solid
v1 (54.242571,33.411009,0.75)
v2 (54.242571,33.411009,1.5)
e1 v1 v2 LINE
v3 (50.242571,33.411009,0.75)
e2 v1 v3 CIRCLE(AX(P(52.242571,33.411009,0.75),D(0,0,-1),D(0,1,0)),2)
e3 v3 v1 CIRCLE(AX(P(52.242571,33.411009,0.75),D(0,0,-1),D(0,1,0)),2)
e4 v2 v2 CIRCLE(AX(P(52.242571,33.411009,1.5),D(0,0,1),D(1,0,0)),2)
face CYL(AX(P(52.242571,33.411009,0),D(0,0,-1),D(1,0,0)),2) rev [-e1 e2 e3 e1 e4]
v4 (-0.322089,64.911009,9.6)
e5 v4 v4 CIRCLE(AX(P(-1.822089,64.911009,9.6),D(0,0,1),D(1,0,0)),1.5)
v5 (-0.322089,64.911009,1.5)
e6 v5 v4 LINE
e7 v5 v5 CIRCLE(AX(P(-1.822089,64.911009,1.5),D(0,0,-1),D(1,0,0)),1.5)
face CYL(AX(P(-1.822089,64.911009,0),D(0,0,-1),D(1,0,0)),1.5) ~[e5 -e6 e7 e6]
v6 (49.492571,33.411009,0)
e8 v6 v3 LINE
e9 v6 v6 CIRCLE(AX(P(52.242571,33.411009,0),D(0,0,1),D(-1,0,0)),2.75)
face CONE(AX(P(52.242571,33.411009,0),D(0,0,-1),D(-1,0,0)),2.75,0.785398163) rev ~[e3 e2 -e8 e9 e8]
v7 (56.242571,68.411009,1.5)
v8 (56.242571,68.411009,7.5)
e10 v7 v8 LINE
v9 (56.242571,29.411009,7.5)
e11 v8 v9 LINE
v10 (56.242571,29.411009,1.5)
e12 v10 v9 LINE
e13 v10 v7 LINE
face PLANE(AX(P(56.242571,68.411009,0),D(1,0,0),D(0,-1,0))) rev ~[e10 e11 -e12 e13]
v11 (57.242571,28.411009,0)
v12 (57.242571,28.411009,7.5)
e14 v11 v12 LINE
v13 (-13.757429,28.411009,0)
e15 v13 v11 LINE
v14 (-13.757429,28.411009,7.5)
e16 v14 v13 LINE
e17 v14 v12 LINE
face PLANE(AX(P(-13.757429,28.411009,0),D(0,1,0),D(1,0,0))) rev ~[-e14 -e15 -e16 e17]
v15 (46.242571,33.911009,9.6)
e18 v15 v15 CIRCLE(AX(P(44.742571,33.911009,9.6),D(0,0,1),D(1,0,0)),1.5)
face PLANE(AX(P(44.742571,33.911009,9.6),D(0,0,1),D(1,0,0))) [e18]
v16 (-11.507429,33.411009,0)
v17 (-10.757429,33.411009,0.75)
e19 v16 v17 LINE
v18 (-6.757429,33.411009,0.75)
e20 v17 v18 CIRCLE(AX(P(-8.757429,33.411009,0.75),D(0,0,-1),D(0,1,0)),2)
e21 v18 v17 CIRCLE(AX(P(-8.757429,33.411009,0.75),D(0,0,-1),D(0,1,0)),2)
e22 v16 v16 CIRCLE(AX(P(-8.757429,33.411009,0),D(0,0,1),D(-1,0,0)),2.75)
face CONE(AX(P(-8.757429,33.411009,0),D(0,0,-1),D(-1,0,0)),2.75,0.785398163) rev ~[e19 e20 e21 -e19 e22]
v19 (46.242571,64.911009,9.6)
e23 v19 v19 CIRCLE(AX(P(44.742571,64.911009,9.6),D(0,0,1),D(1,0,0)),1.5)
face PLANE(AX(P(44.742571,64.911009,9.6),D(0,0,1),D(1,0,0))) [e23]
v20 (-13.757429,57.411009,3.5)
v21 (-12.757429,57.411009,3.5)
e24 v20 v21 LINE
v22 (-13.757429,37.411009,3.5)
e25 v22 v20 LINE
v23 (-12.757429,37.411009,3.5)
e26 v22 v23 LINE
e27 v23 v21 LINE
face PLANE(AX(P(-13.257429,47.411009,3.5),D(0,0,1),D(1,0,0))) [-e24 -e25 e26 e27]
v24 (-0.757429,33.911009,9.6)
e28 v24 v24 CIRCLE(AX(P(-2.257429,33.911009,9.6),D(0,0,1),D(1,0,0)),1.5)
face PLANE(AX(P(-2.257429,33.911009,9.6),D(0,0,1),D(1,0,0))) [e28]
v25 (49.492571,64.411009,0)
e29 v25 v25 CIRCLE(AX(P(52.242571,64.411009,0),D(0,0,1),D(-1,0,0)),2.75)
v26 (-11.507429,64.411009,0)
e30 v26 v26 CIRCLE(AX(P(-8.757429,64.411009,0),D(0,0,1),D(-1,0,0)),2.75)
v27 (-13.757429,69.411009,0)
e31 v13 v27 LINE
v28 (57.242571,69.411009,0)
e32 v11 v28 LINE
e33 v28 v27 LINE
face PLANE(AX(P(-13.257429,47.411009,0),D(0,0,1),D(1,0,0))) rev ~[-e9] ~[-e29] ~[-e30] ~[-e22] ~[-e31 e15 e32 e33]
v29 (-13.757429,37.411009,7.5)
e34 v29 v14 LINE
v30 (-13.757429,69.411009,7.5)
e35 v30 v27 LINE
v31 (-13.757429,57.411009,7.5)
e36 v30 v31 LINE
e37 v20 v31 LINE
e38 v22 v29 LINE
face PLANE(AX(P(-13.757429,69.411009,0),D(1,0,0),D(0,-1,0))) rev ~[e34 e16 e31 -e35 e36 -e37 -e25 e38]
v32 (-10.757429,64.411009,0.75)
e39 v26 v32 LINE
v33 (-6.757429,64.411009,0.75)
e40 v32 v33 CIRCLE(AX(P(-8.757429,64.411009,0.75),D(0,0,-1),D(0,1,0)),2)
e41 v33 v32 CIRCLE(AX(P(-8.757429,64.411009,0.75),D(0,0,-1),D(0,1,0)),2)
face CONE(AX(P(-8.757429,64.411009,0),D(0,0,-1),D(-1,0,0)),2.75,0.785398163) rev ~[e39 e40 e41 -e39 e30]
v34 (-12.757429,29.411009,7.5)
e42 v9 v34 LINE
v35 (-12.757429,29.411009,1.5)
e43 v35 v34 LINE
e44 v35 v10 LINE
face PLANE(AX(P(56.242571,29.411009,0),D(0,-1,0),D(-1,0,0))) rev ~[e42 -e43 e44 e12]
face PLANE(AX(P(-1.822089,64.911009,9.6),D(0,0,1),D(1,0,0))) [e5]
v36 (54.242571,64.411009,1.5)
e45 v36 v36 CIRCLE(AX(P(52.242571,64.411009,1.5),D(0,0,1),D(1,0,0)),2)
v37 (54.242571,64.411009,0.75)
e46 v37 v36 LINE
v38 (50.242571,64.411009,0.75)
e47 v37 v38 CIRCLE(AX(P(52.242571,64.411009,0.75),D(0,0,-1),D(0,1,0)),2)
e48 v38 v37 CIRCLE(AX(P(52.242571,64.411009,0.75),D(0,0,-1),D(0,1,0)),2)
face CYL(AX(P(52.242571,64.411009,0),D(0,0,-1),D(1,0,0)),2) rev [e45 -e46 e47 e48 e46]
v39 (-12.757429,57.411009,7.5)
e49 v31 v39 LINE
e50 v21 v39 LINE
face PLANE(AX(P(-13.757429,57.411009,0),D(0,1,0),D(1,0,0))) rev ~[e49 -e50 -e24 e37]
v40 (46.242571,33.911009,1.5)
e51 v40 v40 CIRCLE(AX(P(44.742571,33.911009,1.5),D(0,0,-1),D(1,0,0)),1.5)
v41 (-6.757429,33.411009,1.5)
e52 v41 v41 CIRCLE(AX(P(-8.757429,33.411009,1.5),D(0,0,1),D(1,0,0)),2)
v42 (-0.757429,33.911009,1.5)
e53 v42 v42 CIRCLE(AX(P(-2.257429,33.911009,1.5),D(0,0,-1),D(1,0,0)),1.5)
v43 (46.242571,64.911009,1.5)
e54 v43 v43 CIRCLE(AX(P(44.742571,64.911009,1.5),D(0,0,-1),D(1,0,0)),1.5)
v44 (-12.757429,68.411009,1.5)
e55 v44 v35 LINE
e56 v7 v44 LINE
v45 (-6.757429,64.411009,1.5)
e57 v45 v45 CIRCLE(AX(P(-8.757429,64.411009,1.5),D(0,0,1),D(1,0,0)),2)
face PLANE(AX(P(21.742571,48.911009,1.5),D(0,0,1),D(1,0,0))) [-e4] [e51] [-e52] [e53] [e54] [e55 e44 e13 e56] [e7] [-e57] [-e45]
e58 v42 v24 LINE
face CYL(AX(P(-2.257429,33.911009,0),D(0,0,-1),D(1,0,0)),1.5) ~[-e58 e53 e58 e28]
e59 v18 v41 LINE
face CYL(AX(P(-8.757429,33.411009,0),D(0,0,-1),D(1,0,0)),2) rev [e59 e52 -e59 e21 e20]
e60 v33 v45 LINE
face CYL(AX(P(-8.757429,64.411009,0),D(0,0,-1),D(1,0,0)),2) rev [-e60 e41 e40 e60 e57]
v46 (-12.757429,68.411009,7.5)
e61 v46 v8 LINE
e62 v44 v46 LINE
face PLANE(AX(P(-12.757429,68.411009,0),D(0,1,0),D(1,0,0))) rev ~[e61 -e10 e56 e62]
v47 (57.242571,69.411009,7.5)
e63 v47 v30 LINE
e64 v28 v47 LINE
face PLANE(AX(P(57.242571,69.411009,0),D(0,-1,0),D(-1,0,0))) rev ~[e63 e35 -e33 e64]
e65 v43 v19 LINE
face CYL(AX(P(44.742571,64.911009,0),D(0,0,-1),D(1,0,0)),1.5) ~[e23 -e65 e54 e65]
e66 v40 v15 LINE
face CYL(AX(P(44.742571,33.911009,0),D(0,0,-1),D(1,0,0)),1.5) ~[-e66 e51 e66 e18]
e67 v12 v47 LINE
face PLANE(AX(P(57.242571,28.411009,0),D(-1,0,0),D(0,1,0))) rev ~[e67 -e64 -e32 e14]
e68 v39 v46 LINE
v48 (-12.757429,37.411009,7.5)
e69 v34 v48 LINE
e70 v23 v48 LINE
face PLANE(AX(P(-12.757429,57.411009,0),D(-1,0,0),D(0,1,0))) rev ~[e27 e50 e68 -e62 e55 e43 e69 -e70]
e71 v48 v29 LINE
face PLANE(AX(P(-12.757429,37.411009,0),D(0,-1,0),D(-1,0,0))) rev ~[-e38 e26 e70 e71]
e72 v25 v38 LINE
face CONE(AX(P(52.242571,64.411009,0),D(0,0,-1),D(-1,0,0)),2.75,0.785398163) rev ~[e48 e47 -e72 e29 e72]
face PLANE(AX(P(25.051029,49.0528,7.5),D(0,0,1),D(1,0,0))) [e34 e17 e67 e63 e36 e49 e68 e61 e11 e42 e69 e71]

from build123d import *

# Parameters (mm, degrees)
F0_R           = 2
F0_R_2         = 1.5
F0_W           = 1
F0_H           = 20
F1_DEPTH       = 1.5
F2_DEPTH       = 7.5
F3_DEPTH       = 9.6
F4_DEPTH       = 3.5
F5_D           = 3
F5_CSINK_D     = 5.5
F5_CSINK_ANGLE = 90


with BuildPart() as f1:
    # F0 (on Top) → F1 (new body)
    with BuildSketch(Plane.XY):
        Polygon((56.2425711751, 68.4110085815), (-12.7574288249, 68.4110085815), (-12.7574288249, 57.4110085815), (-12.7574288249, 37.4110085815), (-12.7574288249, 29.4110085815), (56.2425711751, 29.4110085815), align=None)
        with Locations((-8.7574288249, 33.4110085815)):
            Circle(F0_R, mode=Mode.SUBTRACT)
        with Locations((-2.2574288249, 33.9110085815)):
            Circle(F0_R_2, mode=Mode.SUBTRACT)
        with Locations((52.2425711751, 33.4110085815)):
            Circle(F0_R, mode=Mode.SUBTRACT)
        with Locations((44.7425711751, 33.9110085815)):
            Circle(F0_R_2, mode=Mode.SUBTRACT)
        with Locations((-8.7574288249, 64.4110085815)):
            Circle(F0_R, mode=Mode.SUBTRACT)
        with Locations((-1.8220887287, 64.9110085815)):
            Circle(F0_R_2, mode=Mode.SUBTRACT)
        with Locations((44.7425711751, 64.9110085815)):
            Circle(F0_R_2, mode=Mode.SUBTRACT)
        with Locations((52.2425711751, 64.4110085815)):
            Circle(F0_R, mode=Mode.SUBTRACT)
        Polygon((-12.7574288249, 57.4110085815), (-12.7574288249, 68.4110085815), (56.2425711751, 68.4110085815), (56.2425711751, 29.4110085815), (-12.7574288249, 29.4110085815), (-12.7574288249, 37.4110085815), (-13.7574288249, 37.4110085815), (-13.7574288249, 28.4110085815), (57.2425711751, 28.4110085815), (57.2425711751, 69.4110085815), (-13.7574288249, 69.4110085815), (-13.7574288249, 57.4110085815), align=None)
        with Locations((-2.2574288249, 33.9110085815)):
            Circle(F0_R_2)
        with Locations((44.7425711751, 33.9110085815)):
            Circle(F0_R_2)
        with Locations((44.7425711751, 64.9110085815)):
            Circle(F0_R_2)
        with Locations((-1.8220887287, 64.9110085815)):
            Circle(F0_R_2)
        with Locations((-13.2574288249, 47.4110085815)):
            Rectangle(F0_W, F0_H)
    extrude(amount=F1_DEPTH)

    # F0 (on Top) → F2 (join)
    with BuildSketch(Plane.XY):
        Polygon((-12.7574288249, 57.4110085815), (-12.7574288249, 68.4110085815), (56.2425711751, 68.4110085815), (56.2425711751, 29.4110085815), (-12.7574288249, 29.4110085815), (-12.7574288249, 37.4110085815), (-13.7574288249, 37.4110085815), (-13.7574288249, 28.4110085815), (57.2425711751, 28.4110085815), (57.2425711751, 69.4110085815), (-13.7574288249, 69.4110085815), (-13.7574288249, 57.4110085815), align=None)
    extrude(amount=F2_DEPTH)

    # F0 (on Top) → F3 (join)
    with BuildSketch(Plane.XY):
        with Locations((-1.8220887287, 64.9110085815)):
            Circle(F0_R_2)
        with Locations((-2.2574288249, 33.9110085815)):
            Circle(F0_R_2)
        with Locations((44.7425711751, 33.9110085815)):
            Circle(F0_R_2)
        with Locations((44.7425711751, 64.9110085815)):
            Circle(F0_R_2)
    extrude(amount=F3_DEPTH)

    # F0 (on Top) → F4 (join)
    with BuildSketch(Plane.XY):
        with Locations((-13.2574288249, 47.4110085815)):
            Rectangle(F0_W, F0_H)
    extrude(amount=F4_DEPTH)

    # F5 (through all)
    with Locations(Plane(origin=(0, 0, 0), x_dir=(1, 0, 0), z_dir=(0, 0, -1))):
        with Locations((52.2425711751, -64.4110085815), (52.2425711751, -33.4110085815), (-8.7574288249, -33.4110085815), (-8.7574288249, -64.4110085815)):
            CounterSinkHole(F5_D / 2, F5_CSINK_D / 2, counter_sink_angle=F5_CSINK_ANGLE)


solid = f1.part
